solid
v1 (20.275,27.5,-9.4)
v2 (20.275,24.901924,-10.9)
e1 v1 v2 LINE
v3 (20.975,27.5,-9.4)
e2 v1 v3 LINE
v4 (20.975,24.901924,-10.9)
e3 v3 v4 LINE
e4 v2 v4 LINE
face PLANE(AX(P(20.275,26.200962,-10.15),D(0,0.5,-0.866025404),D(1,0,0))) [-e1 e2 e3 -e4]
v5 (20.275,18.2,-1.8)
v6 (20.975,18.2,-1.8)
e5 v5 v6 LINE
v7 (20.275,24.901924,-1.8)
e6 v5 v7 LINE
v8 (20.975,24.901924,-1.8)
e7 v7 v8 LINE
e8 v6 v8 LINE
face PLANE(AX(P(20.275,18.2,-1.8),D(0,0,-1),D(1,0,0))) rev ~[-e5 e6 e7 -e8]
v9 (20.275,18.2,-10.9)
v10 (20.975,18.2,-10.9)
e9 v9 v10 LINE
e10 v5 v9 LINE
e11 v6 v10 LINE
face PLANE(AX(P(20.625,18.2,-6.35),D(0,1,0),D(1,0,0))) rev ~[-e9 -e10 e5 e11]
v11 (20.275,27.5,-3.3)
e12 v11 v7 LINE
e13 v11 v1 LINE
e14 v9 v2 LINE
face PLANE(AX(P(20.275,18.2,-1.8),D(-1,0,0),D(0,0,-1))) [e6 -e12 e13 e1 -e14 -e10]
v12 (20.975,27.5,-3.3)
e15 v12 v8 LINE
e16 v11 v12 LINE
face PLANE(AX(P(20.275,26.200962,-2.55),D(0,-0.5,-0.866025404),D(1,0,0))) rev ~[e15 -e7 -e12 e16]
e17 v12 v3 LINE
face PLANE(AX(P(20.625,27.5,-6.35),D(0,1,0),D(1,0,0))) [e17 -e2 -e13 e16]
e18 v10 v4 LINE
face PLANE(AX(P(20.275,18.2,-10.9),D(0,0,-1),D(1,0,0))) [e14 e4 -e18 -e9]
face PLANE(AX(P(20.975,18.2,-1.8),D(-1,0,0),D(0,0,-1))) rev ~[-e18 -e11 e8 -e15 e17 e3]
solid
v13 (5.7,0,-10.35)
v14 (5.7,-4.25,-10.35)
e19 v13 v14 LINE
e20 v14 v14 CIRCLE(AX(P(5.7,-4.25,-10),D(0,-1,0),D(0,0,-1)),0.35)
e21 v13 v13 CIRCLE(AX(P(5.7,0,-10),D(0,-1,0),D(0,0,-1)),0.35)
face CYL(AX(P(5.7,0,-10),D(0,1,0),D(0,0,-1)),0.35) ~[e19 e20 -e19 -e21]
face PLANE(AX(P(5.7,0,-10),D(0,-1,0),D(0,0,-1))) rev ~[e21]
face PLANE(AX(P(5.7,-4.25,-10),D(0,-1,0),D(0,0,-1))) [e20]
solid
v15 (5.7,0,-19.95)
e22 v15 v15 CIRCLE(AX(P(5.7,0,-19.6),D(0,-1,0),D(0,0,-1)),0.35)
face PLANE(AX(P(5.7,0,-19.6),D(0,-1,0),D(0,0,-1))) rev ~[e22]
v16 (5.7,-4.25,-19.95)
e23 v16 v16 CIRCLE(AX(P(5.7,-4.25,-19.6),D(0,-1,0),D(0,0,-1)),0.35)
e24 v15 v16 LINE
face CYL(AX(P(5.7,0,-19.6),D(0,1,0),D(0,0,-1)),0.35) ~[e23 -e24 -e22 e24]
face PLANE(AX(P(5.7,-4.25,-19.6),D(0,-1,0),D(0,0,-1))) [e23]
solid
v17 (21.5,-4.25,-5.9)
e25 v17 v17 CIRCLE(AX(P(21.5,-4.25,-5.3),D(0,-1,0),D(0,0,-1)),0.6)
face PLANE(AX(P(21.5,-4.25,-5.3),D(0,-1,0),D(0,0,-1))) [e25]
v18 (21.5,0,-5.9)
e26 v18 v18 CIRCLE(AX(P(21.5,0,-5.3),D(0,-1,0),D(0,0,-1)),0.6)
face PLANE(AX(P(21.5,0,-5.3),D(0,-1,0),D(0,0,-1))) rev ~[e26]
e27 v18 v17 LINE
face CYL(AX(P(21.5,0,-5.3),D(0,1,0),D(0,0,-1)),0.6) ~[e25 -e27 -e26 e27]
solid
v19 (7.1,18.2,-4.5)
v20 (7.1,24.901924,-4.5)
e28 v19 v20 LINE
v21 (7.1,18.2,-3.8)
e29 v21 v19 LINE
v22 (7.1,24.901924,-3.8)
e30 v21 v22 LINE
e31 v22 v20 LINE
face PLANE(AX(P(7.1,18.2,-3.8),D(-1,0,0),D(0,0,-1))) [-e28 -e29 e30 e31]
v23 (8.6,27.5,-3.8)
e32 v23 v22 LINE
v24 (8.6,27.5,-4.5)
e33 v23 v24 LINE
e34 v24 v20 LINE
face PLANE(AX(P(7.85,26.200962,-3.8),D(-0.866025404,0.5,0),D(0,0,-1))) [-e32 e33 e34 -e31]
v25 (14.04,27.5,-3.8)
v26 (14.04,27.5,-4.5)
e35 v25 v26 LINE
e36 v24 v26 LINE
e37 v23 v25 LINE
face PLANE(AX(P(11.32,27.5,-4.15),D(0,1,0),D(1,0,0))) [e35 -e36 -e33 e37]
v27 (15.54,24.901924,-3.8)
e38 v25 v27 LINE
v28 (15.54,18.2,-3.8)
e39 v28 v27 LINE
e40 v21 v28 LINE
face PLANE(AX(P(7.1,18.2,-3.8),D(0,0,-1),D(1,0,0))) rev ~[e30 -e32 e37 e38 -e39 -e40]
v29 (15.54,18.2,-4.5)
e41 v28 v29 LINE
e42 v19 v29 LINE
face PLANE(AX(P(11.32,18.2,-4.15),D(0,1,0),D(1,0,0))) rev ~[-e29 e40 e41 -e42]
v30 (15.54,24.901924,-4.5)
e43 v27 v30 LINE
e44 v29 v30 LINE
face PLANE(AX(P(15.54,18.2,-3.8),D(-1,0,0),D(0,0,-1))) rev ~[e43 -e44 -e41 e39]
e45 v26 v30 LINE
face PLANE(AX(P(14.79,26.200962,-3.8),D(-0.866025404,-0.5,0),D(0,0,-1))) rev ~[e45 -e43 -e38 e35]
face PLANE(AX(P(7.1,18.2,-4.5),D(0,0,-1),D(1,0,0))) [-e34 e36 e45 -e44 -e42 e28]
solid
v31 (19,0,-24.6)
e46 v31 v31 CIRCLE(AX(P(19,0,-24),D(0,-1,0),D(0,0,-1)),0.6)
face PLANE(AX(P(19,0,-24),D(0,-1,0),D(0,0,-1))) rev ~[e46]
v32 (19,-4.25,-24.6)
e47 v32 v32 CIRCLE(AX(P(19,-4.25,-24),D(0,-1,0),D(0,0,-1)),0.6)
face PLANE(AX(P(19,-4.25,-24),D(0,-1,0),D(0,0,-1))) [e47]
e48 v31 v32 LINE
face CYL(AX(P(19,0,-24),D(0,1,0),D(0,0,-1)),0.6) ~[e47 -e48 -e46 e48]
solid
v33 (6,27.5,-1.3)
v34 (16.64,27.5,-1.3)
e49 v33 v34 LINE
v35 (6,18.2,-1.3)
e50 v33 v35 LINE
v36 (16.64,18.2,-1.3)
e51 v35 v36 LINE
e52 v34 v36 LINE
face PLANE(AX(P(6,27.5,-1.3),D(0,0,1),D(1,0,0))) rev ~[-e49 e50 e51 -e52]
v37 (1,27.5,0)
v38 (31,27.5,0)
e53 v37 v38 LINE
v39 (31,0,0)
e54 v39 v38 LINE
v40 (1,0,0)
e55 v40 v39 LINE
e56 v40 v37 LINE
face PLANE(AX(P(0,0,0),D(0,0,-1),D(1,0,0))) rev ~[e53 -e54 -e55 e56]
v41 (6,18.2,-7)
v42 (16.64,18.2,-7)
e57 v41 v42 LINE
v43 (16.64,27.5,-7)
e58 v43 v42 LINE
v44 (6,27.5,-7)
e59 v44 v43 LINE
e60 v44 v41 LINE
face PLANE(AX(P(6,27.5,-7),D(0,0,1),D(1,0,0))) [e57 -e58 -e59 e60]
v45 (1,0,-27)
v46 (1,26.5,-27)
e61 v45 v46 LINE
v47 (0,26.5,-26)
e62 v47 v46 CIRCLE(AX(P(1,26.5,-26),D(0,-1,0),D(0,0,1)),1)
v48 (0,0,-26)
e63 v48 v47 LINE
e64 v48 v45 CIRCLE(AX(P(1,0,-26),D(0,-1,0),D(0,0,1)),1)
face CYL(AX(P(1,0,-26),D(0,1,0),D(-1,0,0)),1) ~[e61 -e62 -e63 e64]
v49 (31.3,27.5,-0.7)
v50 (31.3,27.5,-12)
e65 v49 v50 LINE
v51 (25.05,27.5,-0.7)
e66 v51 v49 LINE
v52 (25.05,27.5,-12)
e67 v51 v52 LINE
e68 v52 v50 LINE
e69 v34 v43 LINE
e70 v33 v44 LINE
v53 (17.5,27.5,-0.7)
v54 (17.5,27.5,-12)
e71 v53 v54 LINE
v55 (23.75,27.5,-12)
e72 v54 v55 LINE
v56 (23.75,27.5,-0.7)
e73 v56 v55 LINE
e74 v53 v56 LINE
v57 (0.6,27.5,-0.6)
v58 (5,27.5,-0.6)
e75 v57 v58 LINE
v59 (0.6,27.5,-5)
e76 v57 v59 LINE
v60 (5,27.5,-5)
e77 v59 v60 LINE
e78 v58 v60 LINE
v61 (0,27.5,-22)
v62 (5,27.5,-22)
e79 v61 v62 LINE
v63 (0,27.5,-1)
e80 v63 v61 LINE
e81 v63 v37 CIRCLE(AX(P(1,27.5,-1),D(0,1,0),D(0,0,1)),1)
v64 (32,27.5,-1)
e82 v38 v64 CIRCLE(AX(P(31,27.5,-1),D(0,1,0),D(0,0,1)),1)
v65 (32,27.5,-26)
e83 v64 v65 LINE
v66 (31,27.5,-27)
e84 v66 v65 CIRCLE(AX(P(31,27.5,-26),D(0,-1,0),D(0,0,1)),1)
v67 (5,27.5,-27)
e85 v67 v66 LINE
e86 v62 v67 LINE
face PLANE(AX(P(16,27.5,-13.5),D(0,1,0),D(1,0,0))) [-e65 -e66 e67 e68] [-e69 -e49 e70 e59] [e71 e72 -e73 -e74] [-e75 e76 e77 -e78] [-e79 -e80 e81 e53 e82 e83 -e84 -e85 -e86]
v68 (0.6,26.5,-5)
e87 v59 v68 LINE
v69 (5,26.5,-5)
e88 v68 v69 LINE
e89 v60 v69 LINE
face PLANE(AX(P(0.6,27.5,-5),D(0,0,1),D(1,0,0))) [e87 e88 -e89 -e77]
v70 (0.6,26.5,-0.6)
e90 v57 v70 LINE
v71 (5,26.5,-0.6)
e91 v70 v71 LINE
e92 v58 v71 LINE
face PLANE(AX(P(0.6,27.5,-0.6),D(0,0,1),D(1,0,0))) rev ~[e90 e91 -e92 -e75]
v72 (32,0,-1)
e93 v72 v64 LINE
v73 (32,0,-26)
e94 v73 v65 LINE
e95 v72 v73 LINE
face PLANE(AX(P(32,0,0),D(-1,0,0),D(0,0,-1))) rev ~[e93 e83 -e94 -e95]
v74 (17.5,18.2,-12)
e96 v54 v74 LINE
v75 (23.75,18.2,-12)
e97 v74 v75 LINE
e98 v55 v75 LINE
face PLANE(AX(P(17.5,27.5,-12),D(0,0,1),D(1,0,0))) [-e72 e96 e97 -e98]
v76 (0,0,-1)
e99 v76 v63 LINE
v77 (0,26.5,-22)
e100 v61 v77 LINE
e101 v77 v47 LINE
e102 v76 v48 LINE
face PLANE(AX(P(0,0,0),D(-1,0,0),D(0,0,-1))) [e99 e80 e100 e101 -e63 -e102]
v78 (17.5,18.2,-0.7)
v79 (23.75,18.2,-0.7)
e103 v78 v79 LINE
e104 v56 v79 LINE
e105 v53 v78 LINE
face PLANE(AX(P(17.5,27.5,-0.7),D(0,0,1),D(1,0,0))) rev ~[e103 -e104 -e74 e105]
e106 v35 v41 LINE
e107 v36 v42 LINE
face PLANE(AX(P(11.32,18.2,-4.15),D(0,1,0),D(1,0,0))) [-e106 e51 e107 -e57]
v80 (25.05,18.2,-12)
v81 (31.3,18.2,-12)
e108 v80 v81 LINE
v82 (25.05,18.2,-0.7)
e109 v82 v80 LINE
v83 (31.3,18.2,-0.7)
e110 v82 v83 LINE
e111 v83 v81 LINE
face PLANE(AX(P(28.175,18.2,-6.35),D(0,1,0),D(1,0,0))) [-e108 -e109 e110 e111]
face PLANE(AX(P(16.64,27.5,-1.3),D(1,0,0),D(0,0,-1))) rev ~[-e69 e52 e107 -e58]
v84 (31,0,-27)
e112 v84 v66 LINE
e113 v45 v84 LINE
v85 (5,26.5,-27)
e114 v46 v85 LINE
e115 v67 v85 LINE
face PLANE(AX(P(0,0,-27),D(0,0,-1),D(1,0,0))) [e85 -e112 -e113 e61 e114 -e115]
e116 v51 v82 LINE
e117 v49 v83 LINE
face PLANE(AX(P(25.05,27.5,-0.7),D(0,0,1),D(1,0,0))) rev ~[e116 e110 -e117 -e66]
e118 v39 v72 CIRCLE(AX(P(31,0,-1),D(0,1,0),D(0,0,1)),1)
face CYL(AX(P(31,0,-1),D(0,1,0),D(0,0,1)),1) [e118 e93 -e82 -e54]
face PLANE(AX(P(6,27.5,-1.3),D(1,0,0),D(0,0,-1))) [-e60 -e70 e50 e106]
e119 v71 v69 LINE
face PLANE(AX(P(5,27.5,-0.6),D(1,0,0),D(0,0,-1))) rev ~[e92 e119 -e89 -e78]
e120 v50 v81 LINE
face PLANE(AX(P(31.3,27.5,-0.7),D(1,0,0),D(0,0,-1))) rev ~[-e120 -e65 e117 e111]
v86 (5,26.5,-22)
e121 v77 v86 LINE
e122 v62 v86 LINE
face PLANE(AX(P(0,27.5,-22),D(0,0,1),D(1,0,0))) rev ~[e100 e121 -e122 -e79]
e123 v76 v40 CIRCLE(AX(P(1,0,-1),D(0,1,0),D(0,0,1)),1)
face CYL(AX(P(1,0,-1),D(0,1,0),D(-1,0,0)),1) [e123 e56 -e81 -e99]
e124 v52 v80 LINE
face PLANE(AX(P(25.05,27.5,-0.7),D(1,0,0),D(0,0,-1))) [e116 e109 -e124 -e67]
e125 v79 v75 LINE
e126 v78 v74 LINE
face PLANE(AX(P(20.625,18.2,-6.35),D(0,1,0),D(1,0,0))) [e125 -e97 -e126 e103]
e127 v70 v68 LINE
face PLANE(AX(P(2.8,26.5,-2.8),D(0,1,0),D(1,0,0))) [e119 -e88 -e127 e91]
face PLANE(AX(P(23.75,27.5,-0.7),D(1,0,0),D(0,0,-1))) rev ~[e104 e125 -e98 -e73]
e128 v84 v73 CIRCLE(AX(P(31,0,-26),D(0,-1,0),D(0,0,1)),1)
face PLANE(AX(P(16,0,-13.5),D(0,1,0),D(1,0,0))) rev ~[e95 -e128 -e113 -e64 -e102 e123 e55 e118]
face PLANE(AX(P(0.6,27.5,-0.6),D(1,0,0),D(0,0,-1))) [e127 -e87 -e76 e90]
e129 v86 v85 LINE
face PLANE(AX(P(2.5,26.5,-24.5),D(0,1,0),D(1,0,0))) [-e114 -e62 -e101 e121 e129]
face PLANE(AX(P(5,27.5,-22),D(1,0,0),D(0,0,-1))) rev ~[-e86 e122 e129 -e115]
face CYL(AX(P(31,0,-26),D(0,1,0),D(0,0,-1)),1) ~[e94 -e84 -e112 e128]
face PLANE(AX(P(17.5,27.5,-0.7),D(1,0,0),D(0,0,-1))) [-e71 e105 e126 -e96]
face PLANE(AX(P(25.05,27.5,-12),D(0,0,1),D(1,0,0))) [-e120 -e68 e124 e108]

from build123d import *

# Parameters (mm, degrees)
SKETCH1_W             = 32
SKETCH1_H             = 27
BOSS_EXTRUDE1_DEPTH   = 27.5
SKETCH2_W             = 10.64
SKETCH2_H             = 5.7
SKETCH2_W_2           = 6.25
SKETCH2_H_2           = 11.3
CUT_EXTRUDE1_DEPTH    = 9.3
SKETCH3_W             = 4.4
SKETCH3_H             = 4.4
SKETCH3_W_2           = 5
SKETCH3_H_2           = 5
CUT_EXTRUDE2_DEPTH    = 1
SKETCH4_W             = 8.44
SKETCH4_H             = 0.7
BOSS_EXTRUDE2_DEPTH   = 9.3
SKETCH4_W_2           = 0.7
SKETCH4_H_2           = 9.1
BOSS_EXTRUDE2_2_DEPTH = 9.3
CHAMFER1_SIZE         = 1.5
CHAMFER1_SIZE2        = 2.598076211
CHAMFER2_SIZE         = 1.5
CHAMFER2_SIZE2        = 2.598076211
FILLET1_R             = 1
SKETCH5_R             = 0.35
BOSS_EXTRUDE3_DEPTH   = 4.25
BOSS_EXTRUDE3_2_DEPTH = 4.25
SKETCH5_R_2           = 0.6
BOSS_EXTRUDE3_3_DEPTH = 4.25
BOSS_EXTRUDE3_4_DEPTH = 4.25


with BuildPart() as part:
    # Sketch1 → Boss-Extrude1 (new body)
    with BuildSketch(Plane(origin=(0, 0, 0), x_dir=(1, 0, 0), z_dir=(0, 1, 0))):
        with Locations((16, 13.5)):
            Rectangle(SKETCH1_W, SKETCH1_H)
    extrude(amount=BOSS_EXTRUDE1_DEPTH)

    # Sketch2 → Cut-Extrude1 (cut)
    with BuildSketch(Plane(origin=(0, 27.5, 0), x_dir=(1, 0, 0), z_dir=(0, 1, 0))):
        with Locations((11.32, 4.15)):
            Rectangle(SKETCH2_W, SKETCH2_H)
        with Locations((20.625, 6.35)):
            Rectangle(SKETCH2_W_2, SKETCH2_H_2)
        with Locations((28.175, 6.35)):
            Rectangle(SKETCH2_W_2, SKETCH2_H_2)
    extrude(amount=-CUT_EXTRUDE1_DEPTH, mode=Mode.SUBTRACT)

    # Sketch3 → Cut-Extrude2 (cut)
    with BuildSketch(Plane(origin=(0, 27.5, 0), x_dir=(1, 0, 0), z_dir=(0, 1, 0))):
        with Locations((2.8, 2.8)):
            Rectangle(SKETCH3_W, SKETCH3_H)
        with Locations((2.5, 24.5)):
            Rectangle(SKETCH3_W_2, SKETCH3_H_2)
    extrude(amount=-CUT_EXTRUDE2_DEPTH, mode=Mode.SUBTRACT)

    # Fillet1
    fillet1_edges = [part.edges().sort_by_distance(p)[0] for p in [
        (0, 13.25, -27),
        (32, 13.75, -27),
        (32, 13.75, 0),
        (0, 13.75, 0),
    ]]
    fillet(fillet1_edges, radius=FILLET1_R)


with BuildPart() as body_2:
    # Sketch4 → Boss-Extrude2 (new body)
    with BuildSketch(Plane(origin=(0, 18.2, 0), x_dir=(1, 0, 0), z_dir=(0, 1, 0))):
        with Locations((11.32, 4.15)):
            Rectangle(SKETCH4_W, SKETCH4_H)
    extrude(amount=BOSS_EXTRUDE2_DEPTH)

    # Chamfer1
    chamfer1_edges = [body_2.edges().sort_by_distance(p)[0] for p in [
        (15.54, 27.5, -4.15),
        (7.1, 27.5, -4.15),
    ]]
    chamfer1_side = [body_2.faces().sort_by_distance(p)[0] for p in [
        (11.32, 27.5, -4.15),
    ]]
    chamfer(chamfer1_edges, length=CHAMFER1_SIZE, length2=CHAMFER1_SIZE2, reference=chamfer1_side[0])


with BuildPart() as body_3:
    # Sketch4 → Boss-Extrude2 2 (new body)
    with BuildSketch(Plane(origin=(0, 18.2, 0), x_dir=(1, 0, 0), z_dir=(0, 1, 0))):
        with Locations((20.625, 6.35)):
            Rectangle(SKETCH4_W_2, SKETCH4_H_2)
    extrude(amount=BOSS_EXTRUDE2_2_DEPTH)

    # Chamfer2
    chamfer2_edges = [body_3.edges().sort_by_distance(p)[0] for p in [
        (20.625, 27.5, -10.9),
        (20.625, 27.5, -1.8),
    ]]
    chamfer2_side = [body_3.faces().sort_by_distance(p)[0] for p in [
        (20.625, 27.5, -6.35),
    ]]
    chamfer(chamfer2_edges, length=CHAMFER2_SIZE, length2=CHAMFER2_SIZE2, reference=chamfer2_side[0])


with BuildPart() as body_4:
    # Sketch5 → Boss-Extrude3 (new body)
    with BuildSketch(Plane.XZ):
        with Locations(Location((5.7, -19.6, 0), (0, 0, 270))):
            Circle(SKETCH5_R)
    extrude(amount=BOSS_EXTRUDE3_DEPTH)


with BuildPart() as body_5:
    # Sketch5 → Boss-Extrude3 2 (new body)
    with BuildSketch(Plane.XZ):
        with Locations(Location((5.7, -10, 0), (0, 0, 270))):
            Circle(SKETCH5_R)
    extrude(amount=BOSS_EXTRUDE3_2_DEPTH)


with BuildPart() as body_6:
    # Sketch5 → Boss-Extrude3 3 (new body)
    with BuildSketch(Plane.XZ):
        with Locations(Location((19, -24, 0), (0, 0, 270))):
            Circle(SKETCH5_R_2)
    extrude(amount=BOSS_EXTRUDE3_3_DEPTH)


with BuildPart() as body_7:
    # Sketch5 → Boss-Extrude3 4 (new body)
    with BuildSketch(Plane.XZ):
        with Locations(Location((21.5, -5.3, 0), (0, 0, 270))):
            Circle(SKETCH5_R_2)
    extrude(amount=BOSS_EXTRUDE3_4_DEPTH)


solid = Compound([part.part, body_2.part, body_3.part, body_4.part, body_5.part, body_6.part, body_7.part])
